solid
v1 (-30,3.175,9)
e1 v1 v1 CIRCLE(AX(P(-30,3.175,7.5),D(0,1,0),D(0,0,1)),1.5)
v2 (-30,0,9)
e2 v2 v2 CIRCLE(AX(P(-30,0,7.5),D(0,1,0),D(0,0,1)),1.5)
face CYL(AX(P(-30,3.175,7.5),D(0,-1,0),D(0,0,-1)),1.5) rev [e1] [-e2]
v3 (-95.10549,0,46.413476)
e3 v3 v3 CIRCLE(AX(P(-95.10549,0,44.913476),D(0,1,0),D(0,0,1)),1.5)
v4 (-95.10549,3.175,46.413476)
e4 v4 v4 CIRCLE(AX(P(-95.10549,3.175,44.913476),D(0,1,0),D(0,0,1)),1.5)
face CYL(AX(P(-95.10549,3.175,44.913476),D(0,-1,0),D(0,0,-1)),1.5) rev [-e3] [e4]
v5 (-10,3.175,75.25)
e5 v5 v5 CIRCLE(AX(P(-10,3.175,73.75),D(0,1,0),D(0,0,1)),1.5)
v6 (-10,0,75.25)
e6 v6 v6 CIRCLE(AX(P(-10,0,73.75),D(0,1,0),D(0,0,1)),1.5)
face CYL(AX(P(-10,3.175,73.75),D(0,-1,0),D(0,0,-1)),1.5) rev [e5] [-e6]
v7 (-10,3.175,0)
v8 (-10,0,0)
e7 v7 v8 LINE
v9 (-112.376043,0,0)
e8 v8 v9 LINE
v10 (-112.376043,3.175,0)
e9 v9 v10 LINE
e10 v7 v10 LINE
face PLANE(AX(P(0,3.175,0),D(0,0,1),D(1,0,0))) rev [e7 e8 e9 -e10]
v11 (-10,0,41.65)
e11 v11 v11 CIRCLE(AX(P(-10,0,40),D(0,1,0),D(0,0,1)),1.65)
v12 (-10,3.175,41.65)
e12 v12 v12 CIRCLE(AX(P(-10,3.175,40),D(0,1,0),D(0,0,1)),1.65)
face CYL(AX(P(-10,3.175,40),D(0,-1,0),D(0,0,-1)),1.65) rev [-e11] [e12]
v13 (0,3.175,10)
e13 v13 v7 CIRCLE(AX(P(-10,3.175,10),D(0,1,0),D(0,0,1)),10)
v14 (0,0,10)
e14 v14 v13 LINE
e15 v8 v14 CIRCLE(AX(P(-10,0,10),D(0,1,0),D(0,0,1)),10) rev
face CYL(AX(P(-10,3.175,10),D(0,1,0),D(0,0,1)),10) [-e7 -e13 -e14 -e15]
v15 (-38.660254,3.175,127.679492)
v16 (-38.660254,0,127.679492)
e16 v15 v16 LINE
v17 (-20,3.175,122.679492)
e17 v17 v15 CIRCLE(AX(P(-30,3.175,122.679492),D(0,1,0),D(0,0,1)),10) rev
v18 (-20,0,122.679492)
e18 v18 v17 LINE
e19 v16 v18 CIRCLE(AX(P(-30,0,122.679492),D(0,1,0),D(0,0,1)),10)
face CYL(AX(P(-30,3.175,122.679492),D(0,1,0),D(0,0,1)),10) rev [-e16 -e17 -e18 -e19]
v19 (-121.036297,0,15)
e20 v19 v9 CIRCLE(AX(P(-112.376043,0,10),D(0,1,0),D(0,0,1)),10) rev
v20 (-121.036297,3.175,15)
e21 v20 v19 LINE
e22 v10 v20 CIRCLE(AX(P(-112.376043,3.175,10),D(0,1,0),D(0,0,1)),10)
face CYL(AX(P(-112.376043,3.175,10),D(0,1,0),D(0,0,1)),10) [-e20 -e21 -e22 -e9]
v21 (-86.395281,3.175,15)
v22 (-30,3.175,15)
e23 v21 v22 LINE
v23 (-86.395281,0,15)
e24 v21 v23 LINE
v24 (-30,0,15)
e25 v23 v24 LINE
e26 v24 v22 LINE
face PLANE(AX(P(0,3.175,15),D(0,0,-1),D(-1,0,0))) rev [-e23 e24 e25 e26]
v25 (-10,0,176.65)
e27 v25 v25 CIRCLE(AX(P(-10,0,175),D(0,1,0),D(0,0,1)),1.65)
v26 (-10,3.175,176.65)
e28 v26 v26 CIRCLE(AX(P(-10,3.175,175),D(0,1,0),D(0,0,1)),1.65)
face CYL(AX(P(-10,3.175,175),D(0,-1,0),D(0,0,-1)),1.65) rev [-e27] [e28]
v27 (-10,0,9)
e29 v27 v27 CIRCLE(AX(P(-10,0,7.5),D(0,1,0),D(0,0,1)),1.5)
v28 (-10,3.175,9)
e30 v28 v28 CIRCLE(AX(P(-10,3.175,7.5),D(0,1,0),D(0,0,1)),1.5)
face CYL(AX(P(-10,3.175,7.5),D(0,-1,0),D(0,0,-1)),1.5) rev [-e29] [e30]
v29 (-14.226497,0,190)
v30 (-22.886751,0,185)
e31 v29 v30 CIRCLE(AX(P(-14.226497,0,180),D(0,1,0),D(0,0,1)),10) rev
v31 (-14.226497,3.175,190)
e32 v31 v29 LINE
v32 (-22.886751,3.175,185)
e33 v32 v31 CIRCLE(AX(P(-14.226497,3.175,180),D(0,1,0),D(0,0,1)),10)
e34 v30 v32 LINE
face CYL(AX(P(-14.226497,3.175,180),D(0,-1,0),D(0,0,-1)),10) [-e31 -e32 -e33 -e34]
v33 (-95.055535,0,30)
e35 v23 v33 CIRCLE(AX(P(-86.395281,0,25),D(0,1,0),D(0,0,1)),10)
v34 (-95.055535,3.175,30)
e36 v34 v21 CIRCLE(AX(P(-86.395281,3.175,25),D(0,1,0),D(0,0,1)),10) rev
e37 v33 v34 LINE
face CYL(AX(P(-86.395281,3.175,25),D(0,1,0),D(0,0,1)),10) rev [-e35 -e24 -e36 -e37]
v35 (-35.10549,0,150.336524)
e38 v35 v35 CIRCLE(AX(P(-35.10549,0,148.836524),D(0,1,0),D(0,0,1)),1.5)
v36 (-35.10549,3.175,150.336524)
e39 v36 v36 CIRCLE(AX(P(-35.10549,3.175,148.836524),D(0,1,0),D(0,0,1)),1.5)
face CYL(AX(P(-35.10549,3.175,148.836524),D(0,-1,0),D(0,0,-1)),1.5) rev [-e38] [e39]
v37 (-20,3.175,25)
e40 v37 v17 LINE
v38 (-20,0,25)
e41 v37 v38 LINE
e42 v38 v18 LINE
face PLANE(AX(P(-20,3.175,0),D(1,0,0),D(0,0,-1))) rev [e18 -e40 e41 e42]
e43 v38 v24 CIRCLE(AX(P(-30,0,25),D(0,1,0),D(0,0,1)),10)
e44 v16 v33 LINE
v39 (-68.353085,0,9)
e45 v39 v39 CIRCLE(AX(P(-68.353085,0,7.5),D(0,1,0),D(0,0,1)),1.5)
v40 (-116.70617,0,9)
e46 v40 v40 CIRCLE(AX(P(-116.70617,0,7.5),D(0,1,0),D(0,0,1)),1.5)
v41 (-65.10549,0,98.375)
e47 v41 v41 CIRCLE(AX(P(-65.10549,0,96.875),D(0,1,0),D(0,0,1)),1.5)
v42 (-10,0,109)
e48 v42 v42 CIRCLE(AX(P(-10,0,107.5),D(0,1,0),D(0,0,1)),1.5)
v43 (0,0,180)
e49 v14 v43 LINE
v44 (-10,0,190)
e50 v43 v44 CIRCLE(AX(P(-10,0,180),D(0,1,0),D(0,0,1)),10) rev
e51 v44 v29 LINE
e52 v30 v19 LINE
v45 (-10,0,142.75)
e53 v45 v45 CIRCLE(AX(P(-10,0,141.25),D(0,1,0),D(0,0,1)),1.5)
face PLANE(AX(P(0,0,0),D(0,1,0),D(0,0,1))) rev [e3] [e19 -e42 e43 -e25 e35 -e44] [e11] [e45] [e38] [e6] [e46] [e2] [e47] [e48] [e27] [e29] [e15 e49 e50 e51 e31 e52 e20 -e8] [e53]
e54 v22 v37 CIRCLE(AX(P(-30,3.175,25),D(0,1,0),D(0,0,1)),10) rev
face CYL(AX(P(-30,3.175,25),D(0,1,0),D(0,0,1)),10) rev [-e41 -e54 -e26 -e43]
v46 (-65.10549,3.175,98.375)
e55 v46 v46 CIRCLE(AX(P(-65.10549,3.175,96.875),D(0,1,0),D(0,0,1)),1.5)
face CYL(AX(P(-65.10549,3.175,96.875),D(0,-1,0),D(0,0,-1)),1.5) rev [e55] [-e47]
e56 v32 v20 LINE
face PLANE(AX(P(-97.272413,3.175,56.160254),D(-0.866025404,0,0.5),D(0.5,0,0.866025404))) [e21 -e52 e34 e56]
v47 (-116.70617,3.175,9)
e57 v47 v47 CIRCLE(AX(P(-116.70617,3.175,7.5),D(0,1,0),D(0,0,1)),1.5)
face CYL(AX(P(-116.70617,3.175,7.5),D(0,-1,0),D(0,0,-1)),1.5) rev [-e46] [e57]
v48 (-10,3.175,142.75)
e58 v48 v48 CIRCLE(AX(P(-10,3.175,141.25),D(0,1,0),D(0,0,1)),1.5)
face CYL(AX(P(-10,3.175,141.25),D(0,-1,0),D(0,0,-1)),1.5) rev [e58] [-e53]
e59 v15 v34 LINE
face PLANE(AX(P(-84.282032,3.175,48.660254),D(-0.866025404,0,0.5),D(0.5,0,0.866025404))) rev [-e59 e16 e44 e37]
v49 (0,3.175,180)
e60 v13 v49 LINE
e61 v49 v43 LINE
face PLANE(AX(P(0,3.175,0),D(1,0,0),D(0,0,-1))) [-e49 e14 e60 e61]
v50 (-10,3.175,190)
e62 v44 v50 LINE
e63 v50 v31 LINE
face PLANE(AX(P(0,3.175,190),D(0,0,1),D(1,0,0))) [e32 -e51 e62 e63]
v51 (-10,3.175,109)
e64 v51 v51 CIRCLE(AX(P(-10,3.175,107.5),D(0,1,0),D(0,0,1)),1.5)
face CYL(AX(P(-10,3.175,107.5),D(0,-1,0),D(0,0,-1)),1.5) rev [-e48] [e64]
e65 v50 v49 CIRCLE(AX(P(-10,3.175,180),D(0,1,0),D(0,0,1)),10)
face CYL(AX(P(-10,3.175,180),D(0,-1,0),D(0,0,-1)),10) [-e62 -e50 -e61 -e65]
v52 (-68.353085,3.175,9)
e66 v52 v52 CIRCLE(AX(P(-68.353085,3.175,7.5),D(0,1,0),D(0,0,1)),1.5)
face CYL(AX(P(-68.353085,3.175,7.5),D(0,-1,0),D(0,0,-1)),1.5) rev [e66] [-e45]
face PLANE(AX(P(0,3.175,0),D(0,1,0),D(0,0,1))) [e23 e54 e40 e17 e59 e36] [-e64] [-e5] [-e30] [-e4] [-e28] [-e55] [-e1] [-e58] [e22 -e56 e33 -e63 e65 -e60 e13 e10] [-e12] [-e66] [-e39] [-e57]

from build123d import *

# Parameters (mm, degrees)
SKETCH1_R           = 1.5
SKETCH1_R_2         = 1.65
BOSS_EXTRUDE1_DEPTH = 3.175
FILLET1_R           = 10


with BuildPart() as part:
    # Sketch1 → Boss-Extrude1 (new body)
    with BuildSketch(Plane(origin=(0, 0, 0), x_dir=(1, 0, 0), z_dir=(0, 1, 0))):
        Polygon((-20, -190), (0, -190), (0, 0), (-129.696551146, 0), align=None)
        with Locations(Location((-65.10548978, -96.875, 0), (0, 0, 270))):
            Circle(SKETCH1_R, mode=Mode.SUBTRACT)
        with Locations(Location((-10, -175, 0), (0, 0, 270))):
            Circle(SKETCH1_R_2, mode=Mode.SUBTRACT)
        with Locations(Location((-35.10548978, -148.836524227, 0), (0, 0, 270))):
            Circle(SKETCH1_R, mode=Mode.SUBTRACT)
        with BuildLine():
            ThreePointArc((-10, -139.75), (-8.5, -141.25), (-10, -142.75))
            ThreePointArc((-10, -142.75), (-11.5, -141.25), (-10, -139.75))
        make_face(mode=Mode.SUBTRACT)
        with BuildLine():
            ThreePointArc((-10, -106), (-8.5, -107.5), (-10, -109))
            ThreePointArc((-10, -109), (-11.5, -107.5), (-10, -106))
        make_face(mode=Mode.SUBTRACT)
        with Locations(Location((-95.10548978, -44.913475773, 0), (0, 0, 270))):
            Circle(SKETCH1_R, mode=Mode.SUBTRACT)
        with Locations(Location((-116.706170089, -7.5, 0), (0, 0, 270))):
            Circle(SKETCH1_R, mode=Mode.SUBTRACT)
        with Locations(Location((-68.353085045, -7.5, 0), (0, 0, 270))):
            Circle(SKETCH1_R, mode=Mode.SUBTRACT)
        Polygon((-20, -15), (-20, -160), (-103.715789032, -15), align=None, mode=Mode.SUBTRACT)
        with BuildLine():
            ThreePointArc((-10, -72.25), (-8.5, -73.75), (-10, -75.25))
            ThreePointArc((-10, -75.25), (-11.5, -73.75), (-10, -72.25))
        make_face(mode=Mode.SUBTRACT)
        with Locations(Location((-10, -40, 0), (0, 0, 270))):
            Circle(SKETCH1_R_2, mode=Mode.SUBTRACT)
        with Locations(Location((-30, -7.5, 0), (0, 0, 270))):
            Circle(SKETCH1_R, mode=Mode.SUBTRACT)
        with Locations(Location((-10, -7.5, 0), (0, 0, 270))):
            Circle(SKETCH1_R, mode=Mode.SUBTRACT)
    extrude(amount=BOSS_EXTRUDE1_DEPTH)

    # Fillet1
    fillet1_edges = [part.edges().sort_by_distance(p)[0] for p in [
        (-20, 1.5875, 15),
        (-103.715789032, 1.5875, 15),
        (-20, 1.5875, 160),
        (-129.696551146, 1.5875, 0),
        (0, 1.5875, 0),
        (0, 1.5875, 190),
        (-20, 1.5875, 190),
    ]]
    fillet(fillet1_edges, radius=FILLET1_R)


solid = part.part
